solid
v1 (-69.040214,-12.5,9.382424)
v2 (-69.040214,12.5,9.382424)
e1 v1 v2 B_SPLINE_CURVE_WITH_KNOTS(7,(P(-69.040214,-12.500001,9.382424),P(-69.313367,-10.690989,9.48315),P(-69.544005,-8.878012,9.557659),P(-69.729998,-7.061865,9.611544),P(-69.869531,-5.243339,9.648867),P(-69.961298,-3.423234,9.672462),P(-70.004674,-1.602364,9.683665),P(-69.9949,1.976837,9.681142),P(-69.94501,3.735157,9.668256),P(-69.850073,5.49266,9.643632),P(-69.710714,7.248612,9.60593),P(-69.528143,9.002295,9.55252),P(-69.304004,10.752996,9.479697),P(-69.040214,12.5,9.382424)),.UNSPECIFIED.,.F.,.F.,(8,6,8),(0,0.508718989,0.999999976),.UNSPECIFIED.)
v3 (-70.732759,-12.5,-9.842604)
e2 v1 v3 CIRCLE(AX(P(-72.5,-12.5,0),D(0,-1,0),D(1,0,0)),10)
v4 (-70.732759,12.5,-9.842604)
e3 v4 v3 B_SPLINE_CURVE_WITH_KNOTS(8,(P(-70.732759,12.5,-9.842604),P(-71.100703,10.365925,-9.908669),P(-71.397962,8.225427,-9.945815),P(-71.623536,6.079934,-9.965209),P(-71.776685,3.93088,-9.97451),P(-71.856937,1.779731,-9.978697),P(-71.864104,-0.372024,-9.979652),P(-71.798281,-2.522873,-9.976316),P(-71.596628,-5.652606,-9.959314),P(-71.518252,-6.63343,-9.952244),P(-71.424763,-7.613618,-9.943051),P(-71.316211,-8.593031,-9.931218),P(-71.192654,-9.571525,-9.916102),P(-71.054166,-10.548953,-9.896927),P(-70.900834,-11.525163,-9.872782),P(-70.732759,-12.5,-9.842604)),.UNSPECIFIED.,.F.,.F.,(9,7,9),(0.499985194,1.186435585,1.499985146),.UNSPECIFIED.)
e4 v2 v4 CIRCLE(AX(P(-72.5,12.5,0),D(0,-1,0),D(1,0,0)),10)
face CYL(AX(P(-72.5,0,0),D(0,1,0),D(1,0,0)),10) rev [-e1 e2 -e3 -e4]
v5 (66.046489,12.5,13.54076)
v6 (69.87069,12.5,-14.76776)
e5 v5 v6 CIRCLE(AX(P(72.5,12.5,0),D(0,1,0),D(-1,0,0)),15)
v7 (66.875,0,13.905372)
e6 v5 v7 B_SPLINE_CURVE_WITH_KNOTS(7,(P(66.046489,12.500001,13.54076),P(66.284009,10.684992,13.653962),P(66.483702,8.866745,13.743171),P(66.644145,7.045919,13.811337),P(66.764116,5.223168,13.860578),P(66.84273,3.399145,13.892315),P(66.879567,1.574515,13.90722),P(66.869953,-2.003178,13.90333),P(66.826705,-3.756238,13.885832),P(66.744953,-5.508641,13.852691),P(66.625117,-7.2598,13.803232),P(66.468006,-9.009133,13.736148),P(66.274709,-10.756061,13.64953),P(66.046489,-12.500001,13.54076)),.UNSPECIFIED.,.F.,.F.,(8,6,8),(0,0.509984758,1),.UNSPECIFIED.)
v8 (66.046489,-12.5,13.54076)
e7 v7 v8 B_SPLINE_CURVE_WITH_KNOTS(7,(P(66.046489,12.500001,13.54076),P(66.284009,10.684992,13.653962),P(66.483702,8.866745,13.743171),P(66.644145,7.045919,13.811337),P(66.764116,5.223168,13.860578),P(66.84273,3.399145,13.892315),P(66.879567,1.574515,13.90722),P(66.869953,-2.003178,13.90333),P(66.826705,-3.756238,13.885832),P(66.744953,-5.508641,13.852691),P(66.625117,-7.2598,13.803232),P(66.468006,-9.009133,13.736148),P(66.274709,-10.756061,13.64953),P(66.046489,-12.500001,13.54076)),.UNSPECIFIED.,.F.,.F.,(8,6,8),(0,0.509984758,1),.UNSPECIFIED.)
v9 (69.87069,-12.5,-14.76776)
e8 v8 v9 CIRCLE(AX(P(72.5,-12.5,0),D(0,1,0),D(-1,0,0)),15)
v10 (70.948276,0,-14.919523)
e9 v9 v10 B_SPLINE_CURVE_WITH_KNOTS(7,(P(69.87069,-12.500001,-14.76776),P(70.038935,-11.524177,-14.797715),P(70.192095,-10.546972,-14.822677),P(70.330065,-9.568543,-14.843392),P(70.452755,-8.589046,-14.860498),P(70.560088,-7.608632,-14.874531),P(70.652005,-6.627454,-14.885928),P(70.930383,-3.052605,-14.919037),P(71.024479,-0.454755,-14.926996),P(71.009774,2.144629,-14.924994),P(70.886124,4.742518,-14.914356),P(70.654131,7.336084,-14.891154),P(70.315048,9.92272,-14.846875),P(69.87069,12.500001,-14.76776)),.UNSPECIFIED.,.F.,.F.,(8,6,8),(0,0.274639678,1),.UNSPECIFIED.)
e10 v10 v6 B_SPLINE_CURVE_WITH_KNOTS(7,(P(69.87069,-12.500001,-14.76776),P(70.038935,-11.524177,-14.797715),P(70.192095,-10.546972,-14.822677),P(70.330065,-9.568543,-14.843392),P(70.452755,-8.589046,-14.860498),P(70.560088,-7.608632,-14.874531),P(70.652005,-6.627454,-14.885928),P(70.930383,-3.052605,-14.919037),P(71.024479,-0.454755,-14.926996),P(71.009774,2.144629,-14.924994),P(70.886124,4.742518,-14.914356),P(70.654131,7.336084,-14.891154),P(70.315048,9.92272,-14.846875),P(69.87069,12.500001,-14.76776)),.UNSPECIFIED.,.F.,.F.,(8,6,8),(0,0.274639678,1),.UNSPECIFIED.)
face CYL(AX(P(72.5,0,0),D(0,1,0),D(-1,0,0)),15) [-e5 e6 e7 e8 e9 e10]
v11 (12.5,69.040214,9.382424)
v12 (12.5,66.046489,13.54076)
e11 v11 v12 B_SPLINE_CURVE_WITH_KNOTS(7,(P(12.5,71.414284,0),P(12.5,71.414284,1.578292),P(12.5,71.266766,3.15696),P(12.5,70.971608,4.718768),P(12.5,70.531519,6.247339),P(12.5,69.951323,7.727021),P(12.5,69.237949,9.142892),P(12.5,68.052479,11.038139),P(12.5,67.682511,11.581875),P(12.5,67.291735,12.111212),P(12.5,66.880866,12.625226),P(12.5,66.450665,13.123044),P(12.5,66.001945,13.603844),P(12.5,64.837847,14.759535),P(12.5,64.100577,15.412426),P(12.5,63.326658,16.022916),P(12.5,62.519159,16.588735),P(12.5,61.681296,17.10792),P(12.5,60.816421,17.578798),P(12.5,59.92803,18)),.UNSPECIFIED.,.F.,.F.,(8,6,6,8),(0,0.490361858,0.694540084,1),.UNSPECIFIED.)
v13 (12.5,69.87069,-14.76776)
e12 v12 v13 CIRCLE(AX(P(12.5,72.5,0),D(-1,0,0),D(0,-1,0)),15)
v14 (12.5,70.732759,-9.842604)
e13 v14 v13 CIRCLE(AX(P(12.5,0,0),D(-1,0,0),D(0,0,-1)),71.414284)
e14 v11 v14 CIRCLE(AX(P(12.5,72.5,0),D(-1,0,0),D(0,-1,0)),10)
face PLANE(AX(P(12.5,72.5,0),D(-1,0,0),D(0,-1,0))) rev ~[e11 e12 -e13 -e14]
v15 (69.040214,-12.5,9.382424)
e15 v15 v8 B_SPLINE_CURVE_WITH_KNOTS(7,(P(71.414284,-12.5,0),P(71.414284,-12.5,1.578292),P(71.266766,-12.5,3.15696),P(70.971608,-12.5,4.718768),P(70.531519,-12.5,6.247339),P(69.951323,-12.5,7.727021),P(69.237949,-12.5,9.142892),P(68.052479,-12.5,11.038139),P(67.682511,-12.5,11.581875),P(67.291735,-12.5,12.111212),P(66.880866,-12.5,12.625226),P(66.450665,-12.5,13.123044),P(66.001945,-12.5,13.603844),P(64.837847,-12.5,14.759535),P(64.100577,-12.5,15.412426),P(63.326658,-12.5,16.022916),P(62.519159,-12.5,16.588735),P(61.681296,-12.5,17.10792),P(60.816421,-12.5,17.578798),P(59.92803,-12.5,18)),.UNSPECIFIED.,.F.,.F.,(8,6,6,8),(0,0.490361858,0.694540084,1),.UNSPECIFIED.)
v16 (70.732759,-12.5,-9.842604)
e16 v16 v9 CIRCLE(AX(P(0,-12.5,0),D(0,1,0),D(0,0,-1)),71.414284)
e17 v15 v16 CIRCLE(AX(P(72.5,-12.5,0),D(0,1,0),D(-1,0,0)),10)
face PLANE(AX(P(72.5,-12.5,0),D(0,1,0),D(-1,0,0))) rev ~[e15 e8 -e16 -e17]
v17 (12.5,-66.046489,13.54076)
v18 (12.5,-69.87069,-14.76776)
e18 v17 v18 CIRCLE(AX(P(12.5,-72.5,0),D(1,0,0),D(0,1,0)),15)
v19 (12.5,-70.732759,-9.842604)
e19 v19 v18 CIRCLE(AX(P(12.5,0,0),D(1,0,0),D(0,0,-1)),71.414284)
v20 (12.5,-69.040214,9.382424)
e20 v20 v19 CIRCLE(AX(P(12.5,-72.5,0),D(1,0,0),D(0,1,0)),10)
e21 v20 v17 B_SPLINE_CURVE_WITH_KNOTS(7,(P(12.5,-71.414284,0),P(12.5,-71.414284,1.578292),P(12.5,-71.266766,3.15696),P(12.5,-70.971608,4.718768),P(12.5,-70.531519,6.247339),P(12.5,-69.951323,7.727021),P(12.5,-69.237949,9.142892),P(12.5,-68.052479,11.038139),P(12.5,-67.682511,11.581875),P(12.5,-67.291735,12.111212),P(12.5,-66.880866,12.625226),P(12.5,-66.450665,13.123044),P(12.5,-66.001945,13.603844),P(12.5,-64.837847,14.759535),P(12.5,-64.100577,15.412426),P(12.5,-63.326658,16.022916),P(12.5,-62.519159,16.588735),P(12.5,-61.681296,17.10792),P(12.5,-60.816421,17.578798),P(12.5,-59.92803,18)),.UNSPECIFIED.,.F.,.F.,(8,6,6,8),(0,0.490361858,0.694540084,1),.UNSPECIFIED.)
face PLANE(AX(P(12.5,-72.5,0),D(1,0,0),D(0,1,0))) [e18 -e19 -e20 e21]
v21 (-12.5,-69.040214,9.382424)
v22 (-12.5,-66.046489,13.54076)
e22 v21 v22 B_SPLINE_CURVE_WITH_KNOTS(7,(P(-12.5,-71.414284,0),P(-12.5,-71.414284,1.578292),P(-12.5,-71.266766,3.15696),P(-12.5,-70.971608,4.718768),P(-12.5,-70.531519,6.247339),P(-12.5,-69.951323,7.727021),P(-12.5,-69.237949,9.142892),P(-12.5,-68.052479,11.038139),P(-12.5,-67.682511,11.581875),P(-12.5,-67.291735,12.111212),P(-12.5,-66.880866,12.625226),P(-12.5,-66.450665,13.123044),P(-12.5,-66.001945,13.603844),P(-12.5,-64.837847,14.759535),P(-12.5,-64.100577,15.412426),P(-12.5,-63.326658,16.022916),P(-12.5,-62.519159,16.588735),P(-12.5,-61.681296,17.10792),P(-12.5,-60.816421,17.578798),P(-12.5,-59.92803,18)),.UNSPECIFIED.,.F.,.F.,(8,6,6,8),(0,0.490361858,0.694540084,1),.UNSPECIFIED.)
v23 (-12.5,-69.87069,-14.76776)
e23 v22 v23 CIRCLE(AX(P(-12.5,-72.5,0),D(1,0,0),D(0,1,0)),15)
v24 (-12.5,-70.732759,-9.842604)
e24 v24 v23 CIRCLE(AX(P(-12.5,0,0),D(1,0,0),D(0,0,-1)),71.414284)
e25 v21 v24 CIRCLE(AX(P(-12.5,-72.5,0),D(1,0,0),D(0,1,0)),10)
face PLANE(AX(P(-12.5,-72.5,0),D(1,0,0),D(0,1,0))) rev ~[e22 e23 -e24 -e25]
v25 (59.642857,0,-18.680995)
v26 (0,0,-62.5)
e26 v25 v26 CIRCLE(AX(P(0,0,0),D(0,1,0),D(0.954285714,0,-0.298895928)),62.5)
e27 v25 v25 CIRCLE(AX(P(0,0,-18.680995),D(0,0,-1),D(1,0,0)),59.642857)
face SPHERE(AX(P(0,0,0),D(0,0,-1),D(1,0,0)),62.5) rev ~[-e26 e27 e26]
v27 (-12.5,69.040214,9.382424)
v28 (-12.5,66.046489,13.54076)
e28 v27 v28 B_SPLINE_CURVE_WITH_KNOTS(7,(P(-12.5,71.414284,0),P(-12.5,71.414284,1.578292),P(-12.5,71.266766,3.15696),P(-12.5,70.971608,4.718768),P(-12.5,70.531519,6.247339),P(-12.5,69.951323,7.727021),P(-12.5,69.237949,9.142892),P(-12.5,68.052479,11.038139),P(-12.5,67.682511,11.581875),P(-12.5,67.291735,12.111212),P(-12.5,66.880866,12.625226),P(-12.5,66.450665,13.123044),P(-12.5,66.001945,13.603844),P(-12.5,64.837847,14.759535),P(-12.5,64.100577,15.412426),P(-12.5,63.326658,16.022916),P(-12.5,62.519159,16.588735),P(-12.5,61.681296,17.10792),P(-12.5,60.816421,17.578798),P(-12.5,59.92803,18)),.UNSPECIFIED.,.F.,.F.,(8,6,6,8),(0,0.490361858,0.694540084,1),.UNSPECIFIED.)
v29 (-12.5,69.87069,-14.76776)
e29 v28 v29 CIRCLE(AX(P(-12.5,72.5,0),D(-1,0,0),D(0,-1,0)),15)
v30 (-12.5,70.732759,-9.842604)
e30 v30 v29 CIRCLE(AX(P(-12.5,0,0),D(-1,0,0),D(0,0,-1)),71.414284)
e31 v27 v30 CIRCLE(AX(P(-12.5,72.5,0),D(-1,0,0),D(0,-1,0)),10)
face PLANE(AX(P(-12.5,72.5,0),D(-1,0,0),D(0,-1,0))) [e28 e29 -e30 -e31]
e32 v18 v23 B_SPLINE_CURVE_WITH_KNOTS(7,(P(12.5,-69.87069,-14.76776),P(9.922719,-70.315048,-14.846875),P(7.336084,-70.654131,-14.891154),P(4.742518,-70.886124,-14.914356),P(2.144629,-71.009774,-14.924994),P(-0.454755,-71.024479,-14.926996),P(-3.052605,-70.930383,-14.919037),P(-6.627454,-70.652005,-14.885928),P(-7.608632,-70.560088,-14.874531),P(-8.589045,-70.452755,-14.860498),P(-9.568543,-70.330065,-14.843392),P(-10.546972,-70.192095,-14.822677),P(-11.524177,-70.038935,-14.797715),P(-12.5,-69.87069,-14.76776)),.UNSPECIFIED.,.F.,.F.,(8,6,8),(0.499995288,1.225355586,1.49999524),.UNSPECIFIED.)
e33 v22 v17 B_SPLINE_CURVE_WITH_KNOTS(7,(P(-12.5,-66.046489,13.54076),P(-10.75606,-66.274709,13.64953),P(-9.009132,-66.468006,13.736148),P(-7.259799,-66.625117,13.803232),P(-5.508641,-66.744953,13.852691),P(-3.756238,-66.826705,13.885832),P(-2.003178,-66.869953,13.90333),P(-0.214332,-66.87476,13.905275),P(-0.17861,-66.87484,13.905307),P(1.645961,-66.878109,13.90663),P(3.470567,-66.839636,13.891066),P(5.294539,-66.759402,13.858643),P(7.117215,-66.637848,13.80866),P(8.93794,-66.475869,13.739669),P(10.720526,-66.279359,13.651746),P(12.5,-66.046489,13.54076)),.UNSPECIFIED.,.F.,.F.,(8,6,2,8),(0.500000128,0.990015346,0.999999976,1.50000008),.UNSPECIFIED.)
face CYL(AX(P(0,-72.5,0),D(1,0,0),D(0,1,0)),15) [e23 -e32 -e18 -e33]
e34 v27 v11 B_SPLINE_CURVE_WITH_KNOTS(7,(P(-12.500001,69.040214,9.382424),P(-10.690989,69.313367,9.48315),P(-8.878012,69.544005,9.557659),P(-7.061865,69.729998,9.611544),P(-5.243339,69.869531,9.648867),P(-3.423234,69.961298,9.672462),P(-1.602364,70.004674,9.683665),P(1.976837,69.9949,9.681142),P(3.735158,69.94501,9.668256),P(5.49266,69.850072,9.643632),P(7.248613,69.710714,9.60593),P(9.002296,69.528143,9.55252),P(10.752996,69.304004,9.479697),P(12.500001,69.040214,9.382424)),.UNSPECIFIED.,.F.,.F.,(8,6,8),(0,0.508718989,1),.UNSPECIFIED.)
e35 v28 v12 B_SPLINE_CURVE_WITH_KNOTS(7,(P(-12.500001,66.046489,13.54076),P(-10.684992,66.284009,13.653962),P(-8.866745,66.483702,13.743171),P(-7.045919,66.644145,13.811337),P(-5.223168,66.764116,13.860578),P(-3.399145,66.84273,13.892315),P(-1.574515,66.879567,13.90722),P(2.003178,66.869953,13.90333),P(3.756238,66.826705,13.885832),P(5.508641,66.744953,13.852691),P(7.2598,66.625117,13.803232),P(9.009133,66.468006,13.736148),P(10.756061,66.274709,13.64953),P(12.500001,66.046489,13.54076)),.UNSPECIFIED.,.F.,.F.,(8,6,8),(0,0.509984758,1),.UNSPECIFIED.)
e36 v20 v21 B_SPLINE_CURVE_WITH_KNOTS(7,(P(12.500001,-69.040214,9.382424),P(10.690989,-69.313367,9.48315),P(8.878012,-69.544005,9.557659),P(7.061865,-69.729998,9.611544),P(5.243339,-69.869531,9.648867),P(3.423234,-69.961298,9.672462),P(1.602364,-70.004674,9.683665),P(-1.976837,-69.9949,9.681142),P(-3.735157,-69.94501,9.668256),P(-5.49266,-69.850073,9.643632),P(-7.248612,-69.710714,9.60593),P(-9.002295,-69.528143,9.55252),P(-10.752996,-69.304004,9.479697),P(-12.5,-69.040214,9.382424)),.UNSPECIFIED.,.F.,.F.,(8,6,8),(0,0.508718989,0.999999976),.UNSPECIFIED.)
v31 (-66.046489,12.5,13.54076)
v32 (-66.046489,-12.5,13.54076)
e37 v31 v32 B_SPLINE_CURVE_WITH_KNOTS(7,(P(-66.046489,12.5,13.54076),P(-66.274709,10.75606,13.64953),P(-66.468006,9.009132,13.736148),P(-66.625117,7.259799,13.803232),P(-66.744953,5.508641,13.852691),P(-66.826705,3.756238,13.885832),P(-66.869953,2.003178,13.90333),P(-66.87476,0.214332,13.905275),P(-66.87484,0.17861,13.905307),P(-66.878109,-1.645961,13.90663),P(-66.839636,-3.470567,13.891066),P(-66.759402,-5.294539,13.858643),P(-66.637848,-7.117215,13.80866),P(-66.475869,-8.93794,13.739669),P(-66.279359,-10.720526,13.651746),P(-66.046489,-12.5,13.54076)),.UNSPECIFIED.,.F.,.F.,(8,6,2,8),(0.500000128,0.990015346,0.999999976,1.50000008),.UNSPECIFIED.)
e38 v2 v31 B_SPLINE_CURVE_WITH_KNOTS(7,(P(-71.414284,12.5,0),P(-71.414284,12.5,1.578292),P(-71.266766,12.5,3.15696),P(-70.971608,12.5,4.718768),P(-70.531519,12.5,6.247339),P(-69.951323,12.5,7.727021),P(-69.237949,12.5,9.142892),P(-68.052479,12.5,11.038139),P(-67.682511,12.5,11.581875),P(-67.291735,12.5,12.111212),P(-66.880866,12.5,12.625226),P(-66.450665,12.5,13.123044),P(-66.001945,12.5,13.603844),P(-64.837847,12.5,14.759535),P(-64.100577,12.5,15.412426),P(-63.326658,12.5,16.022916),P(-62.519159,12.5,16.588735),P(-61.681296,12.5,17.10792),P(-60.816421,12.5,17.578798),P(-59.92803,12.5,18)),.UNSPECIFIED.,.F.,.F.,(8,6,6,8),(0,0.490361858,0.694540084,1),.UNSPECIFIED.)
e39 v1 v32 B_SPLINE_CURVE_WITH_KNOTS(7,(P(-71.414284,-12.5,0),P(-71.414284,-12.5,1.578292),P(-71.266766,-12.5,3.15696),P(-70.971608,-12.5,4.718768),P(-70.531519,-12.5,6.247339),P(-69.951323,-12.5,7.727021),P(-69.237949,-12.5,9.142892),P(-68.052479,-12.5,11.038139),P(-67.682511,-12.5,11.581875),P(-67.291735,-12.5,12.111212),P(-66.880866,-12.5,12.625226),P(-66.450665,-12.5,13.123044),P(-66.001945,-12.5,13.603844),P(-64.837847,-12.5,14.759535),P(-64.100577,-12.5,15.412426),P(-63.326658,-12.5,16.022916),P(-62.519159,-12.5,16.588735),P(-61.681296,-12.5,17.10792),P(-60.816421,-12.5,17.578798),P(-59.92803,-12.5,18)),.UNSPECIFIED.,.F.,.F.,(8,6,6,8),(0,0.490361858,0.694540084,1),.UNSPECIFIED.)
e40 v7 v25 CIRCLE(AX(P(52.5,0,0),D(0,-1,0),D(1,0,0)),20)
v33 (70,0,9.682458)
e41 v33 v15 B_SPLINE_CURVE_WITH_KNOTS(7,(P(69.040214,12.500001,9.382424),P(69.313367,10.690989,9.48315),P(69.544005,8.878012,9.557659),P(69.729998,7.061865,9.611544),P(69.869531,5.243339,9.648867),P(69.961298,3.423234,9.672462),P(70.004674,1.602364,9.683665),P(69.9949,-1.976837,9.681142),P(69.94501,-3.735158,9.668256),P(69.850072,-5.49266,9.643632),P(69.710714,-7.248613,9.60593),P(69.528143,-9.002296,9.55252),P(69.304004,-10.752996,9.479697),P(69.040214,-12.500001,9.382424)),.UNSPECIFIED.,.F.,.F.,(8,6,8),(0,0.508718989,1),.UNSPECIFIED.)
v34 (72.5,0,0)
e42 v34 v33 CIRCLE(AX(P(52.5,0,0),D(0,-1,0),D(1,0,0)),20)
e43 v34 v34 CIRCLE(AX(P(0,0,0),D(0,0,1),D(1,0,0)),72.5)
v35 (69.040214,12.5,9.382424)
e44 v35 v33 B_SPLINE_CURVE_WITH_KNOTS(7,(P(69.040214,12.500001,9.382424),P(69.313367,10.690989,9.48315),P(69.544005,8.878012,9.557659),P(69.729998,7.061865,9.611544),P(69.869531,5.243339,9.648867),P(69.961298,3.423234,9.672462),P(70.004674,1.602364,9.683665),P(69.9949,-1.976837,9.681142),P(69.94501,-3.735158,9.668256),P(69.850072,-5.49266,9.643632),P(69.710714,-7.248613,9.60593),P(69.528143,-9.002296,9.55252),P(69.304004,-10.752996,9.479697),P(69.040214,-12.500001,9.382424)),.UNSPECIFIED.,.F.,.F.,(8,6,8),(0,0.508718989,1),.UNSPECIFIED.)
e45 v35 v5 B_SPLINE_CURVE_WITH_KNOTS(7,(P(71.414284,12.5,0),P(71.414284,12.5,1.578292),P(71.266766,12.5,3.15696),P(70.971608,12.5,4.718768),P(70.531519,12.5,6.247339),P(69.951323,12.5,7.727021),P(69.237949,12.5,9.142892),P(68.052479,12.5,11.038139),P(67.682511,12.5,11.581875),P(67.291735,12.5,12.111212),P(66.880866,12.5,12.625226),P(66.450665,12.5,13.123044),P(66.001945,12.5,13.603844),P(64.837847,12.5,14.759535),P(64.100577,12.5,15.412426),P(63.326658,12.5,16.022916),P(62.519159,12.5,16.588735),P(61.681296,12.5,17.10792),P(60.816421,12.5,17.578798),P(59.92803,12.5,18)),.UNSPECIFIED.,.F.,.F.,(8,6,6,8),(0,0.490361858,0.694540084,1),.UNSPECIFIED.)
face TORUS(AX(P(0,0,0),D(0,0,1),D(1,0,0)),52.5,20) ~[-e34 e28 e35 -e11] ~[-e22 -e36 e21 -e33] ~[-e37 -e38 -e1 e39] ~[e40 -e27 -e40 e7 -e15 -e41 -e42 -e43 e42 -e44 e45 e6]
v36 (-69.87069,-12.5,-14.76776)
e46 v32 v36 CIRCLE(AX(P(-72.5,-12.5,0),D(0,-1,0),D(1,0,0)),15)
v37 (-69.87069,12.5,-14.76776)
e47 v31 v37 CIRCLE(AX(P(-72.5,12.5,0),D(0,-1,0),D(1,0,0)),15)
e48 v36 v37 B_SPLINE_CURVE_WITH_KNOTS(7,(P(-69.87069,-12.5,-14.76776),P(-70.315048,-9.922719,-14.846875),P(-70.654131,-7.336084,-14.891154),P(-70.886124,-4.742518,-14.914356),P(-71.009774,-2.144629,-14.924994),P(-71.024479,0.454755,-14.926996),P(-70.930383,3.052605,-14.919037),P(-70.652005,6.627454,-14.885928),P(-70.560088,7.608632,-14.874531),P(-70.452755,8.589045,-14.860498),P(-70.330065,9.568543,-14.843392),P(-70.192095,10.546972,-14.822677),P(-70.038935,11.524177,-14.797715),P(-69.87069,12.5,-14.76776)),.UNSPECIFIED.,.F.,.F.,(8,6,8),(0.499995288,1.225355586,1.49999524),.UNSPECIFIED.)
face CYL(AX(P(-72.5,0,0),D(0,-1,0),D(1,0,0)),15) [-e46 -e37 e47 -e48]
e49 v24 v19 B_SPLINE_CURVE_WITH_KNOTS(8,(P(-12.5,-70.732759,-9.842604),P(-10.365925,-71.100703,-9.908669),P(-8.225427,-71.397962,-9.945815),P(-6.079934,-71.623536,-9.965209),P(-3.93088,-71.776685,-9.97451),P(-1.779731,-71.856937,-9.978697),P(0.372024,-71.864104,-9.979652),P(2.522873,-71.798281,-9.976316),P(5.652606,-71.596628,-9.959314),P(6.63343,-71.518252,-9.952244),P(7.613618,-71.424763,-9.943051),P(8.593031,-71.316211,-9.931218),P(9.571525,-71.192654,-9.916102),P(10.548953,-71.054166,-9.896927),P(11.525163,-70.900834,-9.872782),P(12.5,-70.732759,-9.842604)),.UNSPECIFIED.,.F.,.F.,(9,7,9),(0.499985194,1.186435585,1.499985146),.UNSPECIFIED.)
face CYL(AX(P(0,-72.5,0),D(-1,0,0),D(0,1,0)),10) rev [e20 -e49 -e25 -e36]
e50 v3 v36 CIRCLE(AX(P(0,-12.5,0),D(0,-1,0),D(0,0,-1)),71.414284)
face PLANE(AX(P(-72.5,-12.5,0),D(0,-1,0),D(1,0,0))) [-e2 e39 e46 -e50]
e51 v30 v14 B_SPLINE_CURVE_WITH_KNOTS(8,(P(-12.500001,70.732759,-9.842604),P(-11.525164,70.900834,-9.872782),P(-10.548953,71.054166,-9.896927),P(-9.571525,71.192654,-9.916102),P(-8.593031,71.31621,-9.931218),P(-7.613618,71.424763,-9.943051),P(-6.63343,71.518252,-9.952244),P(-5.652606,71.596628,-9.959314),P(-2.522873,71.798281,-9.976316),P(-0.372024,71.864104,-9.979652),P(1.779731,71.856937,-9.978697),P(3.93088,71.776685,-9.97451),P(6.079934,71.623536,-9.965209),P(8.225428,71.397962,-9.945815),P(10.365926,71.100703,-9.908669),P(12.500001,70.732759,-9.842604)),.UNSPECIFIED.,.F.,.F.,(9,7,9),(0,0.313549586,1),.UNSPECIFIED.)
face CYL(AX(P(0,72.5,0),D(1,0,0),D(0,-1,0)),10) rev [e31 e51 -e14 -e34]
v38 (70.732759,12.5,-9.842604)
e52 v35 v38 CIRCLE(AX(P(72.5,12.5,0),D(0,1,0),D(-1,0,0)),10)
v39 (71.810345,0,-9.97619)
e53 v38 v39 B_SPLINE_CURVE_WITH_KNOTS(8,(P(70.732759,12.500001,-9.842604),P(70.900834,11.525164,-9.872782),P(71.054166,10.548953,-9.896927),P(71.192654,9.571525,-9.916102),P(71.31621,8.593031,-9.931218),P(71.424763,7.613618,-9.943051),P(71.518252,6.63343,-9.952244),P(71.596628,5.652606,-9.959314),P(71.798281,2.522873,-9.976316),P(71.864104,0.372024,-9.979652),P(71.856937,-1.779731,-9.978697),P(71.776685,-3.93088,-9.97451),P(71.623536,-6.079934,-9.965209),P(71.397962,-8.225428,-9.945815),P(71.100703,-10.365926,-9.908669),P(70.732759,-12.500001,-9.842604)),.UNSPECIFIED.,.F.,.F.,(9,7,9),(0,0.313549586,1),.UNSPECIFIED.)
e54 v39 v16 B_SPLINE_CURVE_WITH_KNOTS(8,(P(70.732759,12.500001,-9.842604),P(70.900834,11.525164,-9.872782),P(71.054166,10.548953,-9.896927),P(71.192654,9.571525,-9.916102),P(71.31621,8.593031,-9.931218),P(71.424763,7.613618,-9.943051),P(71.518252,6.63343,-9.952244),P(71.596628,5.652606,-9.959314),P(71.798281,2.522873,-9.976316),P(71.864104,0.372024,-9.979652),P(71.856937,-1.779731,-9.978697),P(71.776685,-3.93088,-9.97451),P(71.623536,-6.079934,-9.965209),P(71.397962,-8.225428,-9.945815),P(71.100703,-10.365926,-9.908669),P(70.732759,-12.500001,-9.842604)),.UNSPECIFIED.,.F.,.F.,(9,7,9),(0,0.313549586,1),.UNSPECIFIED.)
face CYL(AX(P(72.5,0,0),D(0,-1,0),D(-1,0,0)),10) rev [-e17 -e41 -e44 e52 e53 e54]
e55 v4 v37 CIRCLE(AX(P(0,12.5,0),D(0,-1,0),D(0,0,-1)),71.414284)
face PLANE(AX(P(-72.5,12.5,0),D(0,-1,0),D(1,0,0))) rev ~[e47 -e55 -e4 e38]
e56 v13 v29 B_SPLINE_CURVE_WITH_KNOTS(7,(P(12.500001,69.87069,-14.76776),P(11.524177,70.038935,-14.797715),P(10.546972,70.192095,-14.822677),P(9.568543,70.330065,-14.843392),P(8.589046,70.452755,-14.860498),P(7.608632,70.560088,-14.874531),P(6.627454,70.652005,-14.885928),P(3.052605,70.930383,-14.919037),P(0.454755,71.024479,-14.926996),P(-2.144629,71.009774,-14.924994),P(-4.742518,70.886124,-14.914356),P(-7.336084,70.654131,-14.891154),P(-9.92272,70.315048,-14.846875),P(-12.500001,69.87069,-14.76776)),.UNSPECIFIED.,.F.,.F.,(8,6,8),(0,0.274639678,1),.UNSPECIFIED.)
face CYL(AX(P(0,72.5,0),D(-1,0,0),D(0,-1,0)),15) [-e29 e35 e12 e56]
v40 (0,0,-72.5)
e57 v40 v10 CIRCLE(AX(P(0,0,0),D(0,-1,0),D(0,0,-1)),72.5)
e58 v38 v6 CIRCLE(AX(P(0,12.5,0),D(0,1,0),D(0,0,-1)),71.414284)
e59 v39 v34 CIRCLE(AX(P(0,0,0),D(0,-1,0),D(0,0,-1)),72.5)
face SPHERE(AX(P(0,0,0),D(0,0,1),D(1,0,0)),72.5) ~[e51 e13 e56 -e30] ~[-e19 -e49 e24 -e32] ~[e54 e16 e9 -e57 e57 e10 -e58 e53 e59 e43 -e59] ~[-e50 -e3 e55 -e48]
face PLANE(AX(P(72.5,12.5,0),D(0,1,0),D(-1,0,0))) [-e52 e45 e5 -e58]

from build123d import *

# Parameters (mm, degrees)
F2_R     = 15
F2_R_2   = 10
F3_DEPTH = 12.5
F4_COUNT = 4
F4_ANGLE = 270


with BuildPart() as f1:
    # F0 (on Front) → F1 (revolve)
    with BuildSketch(Plane.XZ):
        with BuildLine():
            ThreePointArc((0, -72.5), (51.265241636, -51.265241636), (72.5, 0))
            ThreePointArc((72.5, 0), (36.024910579, 11.3389341903), (59.6428571429, -18.6809954723))
            ThreePointArc((59.6428571429, -18.6809954723), (37.0046468905, -50.3677089861), (0, -62.5))
            Line((0, -62.5), (0, -72.5))
        make_face()
    revolve(axis=Axis((0, 0, -0.3205458116), (0, 0, -1)))

    # F2 (on Front) → F3 (join, symmetric)
    with BuildSketch(Plane.XZ):
        with Locations((-72.5, 0)):
            Circle(F2_R)
        with Locations((-72.5, 0)):
            Circle(F2_R_2, mode=Mode.SUBTRACT)
    extrude(amount=F3_DEPTH, both=True)

    # F4: F1 ×4 about axis
    f4_axis = Axis((0, 0, -0.3205458116), (0, 0, 1))


with BuildPart() as f1_1:
    add(f1.part)
    for i in range(1, F4_COUNT):
        add(f1.part.rotate(f4_axis, i * F4_ANGLE / (F4_COUNT - 1)))


solid = f1_1.part
